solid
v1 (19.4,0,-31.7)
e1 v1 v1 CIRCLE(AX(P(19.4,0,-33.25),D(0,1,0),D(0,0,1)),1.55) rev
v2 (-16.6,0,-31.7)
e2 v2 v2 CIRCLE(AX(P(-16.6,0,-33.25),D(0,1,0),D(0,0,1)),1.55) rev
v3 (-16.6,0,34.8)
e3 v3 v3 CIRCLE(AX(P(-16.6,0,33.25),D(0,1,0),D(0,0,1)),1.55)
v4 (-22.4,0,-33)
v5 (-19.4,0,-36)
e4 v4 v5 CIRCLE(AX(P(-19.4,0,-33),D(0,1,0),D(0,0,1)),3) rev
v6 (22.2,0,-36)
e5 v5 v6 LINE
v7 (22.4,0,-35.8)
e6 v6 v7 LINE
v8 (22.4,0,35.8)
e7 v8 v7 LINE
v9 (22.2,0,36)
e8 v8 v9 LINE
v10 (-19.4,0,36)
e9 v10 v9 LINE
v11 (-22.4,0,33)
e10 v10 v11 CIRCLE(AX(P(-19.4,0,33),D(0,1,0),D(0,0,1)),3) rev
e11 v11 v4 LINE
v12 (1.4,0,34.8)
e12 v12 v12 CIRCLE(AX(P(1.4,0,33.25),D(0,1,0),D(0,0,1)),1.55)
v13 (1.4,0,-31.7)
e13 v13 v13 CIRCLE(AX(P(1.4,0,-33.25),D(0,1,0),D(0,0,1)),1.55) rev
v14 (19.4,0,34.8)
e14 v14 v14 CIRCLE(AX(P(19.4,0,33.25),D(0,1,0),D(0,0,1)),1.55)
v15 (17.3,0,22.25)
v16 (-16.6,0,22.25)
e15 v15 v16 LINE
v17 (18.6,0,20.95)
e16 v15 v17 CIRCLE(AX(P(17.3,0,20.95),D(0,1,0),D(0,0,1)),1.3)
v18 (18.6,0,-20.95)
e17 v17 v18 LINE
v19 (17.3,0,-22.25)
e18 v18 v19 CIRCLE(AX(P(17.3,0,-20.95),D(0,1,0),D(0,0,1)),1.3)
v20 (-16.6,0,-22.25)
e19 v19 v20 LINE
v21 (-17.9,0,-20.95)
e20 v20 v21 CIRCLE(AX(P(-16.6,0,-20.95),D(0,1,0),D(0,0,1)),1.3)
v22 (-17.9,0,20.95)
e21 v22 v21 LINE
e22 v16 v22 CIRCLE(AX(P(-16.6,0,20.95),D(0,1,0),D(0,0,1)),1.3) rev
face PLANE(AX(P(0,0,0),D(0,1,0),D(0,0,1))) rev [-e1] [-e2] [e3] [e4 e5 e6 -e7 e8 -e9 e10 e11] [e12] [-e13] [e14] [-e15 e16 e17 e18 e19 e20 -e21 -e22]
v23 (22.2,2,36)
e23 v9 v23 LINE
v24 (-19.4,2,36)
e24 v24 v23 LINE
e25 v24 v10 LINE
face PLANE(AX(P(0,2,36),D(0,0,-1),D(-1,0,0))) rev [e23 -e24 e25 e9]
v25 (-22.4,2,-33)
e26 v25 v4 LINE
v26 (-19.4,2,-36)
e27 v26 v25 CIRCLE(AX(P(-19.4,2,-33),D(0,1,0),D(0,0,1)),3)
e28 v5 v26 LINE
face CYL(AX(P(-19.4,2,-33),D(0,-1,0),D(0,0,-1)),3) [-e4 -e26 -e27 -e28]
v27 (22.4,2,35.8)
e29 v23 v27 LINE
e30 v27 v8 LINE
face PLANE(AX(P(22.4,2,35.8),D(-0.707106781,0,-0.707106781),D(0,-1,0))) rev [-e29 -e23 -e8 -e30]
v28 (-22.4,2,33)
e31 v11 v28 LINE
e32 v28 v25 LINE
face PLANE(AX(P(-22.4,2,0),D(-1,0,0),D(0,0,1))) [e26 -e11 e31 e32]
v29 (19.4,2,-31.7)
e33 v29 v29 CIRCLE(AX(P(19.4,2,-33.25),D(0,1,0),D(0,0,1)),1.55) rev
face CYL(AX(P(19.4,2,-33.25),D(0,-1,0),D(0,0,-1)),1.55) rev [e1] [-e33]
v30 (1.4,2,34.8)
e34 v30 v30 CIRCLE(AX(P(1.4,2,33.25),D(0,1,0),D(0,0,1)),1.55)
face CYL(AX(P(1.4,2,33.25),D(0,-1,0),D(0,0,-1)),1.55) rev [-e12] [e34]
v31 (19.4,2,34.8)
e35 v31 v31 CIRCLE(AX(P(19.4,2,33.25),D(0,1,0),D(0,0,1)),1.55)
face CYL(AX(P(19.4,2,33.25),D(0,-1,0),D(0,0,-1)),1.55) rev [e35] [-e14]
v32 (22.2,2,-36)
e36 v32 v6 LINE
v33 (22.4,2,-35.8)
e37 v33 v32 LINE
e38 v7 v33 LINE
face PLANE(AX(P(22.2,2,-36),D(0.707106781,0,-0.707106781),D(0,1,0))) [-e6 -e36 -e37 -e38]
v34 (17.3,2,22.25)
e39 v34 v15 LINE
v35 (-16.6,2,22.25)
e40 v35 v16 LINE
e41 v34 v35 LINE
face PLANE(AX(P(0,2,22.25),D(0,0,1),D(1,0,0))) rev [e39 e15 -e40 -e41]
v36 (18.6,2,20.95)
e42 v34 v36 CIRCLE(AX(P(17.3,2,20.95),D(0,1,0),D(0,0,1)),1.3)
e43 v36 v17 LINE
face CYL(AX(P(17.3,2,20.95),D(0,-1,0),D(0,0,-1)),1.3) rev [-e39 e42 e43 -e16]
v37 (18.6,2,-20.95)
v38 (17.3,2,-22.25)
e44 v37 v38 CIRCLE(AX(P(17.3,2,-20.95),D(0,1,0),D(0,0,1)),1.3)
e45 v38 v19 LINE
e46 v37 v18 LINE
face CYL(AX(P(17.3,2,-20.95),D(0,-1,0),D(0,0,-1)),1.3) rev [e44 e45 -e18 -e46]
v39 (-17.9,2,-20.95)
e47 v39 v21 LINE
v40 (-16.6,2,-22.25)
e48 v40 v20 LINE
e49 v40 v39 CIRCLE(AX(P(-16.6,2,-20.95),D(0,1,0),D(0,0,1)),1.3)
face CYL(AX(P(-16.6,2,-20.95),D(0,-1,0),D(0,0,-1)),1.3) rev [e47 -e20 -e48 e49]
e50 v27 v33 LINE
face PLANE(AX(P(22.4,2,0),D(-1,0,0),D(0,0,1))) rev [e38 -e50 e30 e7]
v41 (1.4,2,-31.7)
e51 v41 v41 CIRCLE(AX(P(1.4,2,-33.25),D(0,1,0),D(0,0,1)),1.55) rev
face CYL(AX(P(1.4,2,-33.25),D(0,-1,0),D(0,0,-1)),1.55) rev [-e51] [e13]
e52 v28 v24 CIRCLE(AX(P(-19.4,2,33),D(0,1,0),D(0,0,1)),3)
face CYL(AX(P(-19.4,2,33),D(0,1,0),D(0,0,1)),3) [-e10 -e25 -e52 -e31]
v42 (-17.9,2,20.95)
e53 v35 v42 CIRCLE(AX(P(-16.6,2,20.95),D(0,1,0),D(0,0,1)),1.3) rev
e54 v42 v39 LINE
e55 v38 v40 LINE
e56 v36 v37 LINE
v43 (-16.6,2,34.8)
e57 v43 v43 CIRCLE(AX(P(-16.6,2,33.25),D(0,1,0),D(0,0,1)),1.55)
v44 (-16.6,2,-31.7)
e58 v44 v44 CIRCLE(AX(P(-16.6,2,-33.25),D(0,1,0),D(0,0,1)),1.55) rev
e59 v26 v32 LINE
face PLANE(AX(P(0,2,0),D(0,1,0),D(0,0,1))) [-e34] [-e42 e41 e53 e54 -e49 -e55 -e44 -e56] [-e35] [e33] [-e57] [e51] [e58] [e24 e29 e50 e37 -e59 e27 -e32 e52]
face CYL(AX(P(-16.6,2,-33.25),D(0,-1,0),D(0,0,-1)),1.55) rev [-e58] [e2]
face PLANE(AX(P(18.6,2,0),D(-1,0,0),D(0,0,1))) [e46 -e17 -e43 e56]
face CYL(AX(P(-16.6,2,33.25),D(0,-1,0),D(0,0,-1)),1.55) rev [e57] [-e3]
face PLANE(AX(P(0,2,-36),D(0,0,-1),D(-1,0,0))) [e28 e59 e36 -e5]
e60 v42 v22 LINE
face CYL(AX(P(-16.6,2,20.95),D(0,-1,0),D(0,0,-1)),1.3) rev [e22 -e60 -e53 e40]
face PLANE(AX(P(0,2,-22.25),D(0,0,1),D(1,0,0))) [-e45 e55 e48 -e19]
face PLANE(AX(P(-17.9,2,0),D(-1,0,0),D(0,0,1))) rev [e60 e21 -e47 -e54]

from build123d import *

# Parameters (mm, degrees)
SKETCH1_W           = 44.8
SKETCH1_H           = 72
SKETCH1_R           = 1.55
BOSS_EXTRUDE1_DEPTH = 2
CHAMFER2_SIZE       = 0.2
FILLET3_R           = 3


with BuildPart() as part:
    # Sketch1 → Boss-Extrude1 (new body)
    with BuildSketch(Plane(origin=(0, 0, 0), x_dir=(1, 0, 0), z_dir=(0, 1, 0))):
        Rectangle(SKETCH1_W, SKETCH1_H)
        with Locations((-16.6, -33.25)):
            Circle(SKETCH1_R, mode=Mode.SUBTRACT)
        with Locations((1.4, -33.25)):
            Circle(SKETCH1_R, mode=Mode.SUBTRACT)
        with Locations((19.4, -33.25)):
            Circle(SKETCH1_R, mode=Mode.SUBTRACT)
        with Locations((-16.6, 33.25)):
            Circle(SKETCH1_R, mode=Mode.SUBTRACT)
        with Locations((1.4, 33.25)):
            Circle(SKETCH1_R, mode=Mode.SUBTRACT)
        with Locations((19.4, 33.25)):
            Circle(SKETCH1_R, mode=Mode.SUBTRACT)
        with BuildLine():
            Line((17.3, -22.25), (-16.6, -22.25))
            ThreePointArc((-16.6, -22.25), (-17.519238816, -21.869238816), (-17.9, -20.95))
            Line((-17.9, -20.95), (-17.9, 20.95))
            ThreePointArc((-17.9, 20.95), (-17.519238816, 21.869238816), (-16.6, 22.25))
            Line((-16.6, 22.25), (17.3, 22.25))
            ThreePointArc((17.3, 22.25), (18.219238816, 21.869238816), (18.6, 20.95))
            Line((18.6, 20.95), (18.6, -20.95))
            ThreePointArc((18.6, -20.95), (18.219238816, -21.869238816), (17.3, -22.25))
        make_face(mode=Mode.SUBTRACT)
    extrude(amount=BOSS_EXTRUDE1_DEPTH)

    # Chamfer2
    chamfer2_edges = [part.edges().sort_by_distance(p)[0] for p in [
        (22.4, 1, -36),
        (22.4, 1, 36),
    ]]
    chamfer(chamfer2_edges, length=CHAMFER2_SIZE)

    # Fillet3
    fillet3_edges = [part.edges().sort_by_distance(p)[0] for p in [
        (-22.4, 1, 36),
        (-22.4, 1, -36),
    ]]
    fillet(fillet3_edges, radius=FILLET3_R)


solid = part.part
